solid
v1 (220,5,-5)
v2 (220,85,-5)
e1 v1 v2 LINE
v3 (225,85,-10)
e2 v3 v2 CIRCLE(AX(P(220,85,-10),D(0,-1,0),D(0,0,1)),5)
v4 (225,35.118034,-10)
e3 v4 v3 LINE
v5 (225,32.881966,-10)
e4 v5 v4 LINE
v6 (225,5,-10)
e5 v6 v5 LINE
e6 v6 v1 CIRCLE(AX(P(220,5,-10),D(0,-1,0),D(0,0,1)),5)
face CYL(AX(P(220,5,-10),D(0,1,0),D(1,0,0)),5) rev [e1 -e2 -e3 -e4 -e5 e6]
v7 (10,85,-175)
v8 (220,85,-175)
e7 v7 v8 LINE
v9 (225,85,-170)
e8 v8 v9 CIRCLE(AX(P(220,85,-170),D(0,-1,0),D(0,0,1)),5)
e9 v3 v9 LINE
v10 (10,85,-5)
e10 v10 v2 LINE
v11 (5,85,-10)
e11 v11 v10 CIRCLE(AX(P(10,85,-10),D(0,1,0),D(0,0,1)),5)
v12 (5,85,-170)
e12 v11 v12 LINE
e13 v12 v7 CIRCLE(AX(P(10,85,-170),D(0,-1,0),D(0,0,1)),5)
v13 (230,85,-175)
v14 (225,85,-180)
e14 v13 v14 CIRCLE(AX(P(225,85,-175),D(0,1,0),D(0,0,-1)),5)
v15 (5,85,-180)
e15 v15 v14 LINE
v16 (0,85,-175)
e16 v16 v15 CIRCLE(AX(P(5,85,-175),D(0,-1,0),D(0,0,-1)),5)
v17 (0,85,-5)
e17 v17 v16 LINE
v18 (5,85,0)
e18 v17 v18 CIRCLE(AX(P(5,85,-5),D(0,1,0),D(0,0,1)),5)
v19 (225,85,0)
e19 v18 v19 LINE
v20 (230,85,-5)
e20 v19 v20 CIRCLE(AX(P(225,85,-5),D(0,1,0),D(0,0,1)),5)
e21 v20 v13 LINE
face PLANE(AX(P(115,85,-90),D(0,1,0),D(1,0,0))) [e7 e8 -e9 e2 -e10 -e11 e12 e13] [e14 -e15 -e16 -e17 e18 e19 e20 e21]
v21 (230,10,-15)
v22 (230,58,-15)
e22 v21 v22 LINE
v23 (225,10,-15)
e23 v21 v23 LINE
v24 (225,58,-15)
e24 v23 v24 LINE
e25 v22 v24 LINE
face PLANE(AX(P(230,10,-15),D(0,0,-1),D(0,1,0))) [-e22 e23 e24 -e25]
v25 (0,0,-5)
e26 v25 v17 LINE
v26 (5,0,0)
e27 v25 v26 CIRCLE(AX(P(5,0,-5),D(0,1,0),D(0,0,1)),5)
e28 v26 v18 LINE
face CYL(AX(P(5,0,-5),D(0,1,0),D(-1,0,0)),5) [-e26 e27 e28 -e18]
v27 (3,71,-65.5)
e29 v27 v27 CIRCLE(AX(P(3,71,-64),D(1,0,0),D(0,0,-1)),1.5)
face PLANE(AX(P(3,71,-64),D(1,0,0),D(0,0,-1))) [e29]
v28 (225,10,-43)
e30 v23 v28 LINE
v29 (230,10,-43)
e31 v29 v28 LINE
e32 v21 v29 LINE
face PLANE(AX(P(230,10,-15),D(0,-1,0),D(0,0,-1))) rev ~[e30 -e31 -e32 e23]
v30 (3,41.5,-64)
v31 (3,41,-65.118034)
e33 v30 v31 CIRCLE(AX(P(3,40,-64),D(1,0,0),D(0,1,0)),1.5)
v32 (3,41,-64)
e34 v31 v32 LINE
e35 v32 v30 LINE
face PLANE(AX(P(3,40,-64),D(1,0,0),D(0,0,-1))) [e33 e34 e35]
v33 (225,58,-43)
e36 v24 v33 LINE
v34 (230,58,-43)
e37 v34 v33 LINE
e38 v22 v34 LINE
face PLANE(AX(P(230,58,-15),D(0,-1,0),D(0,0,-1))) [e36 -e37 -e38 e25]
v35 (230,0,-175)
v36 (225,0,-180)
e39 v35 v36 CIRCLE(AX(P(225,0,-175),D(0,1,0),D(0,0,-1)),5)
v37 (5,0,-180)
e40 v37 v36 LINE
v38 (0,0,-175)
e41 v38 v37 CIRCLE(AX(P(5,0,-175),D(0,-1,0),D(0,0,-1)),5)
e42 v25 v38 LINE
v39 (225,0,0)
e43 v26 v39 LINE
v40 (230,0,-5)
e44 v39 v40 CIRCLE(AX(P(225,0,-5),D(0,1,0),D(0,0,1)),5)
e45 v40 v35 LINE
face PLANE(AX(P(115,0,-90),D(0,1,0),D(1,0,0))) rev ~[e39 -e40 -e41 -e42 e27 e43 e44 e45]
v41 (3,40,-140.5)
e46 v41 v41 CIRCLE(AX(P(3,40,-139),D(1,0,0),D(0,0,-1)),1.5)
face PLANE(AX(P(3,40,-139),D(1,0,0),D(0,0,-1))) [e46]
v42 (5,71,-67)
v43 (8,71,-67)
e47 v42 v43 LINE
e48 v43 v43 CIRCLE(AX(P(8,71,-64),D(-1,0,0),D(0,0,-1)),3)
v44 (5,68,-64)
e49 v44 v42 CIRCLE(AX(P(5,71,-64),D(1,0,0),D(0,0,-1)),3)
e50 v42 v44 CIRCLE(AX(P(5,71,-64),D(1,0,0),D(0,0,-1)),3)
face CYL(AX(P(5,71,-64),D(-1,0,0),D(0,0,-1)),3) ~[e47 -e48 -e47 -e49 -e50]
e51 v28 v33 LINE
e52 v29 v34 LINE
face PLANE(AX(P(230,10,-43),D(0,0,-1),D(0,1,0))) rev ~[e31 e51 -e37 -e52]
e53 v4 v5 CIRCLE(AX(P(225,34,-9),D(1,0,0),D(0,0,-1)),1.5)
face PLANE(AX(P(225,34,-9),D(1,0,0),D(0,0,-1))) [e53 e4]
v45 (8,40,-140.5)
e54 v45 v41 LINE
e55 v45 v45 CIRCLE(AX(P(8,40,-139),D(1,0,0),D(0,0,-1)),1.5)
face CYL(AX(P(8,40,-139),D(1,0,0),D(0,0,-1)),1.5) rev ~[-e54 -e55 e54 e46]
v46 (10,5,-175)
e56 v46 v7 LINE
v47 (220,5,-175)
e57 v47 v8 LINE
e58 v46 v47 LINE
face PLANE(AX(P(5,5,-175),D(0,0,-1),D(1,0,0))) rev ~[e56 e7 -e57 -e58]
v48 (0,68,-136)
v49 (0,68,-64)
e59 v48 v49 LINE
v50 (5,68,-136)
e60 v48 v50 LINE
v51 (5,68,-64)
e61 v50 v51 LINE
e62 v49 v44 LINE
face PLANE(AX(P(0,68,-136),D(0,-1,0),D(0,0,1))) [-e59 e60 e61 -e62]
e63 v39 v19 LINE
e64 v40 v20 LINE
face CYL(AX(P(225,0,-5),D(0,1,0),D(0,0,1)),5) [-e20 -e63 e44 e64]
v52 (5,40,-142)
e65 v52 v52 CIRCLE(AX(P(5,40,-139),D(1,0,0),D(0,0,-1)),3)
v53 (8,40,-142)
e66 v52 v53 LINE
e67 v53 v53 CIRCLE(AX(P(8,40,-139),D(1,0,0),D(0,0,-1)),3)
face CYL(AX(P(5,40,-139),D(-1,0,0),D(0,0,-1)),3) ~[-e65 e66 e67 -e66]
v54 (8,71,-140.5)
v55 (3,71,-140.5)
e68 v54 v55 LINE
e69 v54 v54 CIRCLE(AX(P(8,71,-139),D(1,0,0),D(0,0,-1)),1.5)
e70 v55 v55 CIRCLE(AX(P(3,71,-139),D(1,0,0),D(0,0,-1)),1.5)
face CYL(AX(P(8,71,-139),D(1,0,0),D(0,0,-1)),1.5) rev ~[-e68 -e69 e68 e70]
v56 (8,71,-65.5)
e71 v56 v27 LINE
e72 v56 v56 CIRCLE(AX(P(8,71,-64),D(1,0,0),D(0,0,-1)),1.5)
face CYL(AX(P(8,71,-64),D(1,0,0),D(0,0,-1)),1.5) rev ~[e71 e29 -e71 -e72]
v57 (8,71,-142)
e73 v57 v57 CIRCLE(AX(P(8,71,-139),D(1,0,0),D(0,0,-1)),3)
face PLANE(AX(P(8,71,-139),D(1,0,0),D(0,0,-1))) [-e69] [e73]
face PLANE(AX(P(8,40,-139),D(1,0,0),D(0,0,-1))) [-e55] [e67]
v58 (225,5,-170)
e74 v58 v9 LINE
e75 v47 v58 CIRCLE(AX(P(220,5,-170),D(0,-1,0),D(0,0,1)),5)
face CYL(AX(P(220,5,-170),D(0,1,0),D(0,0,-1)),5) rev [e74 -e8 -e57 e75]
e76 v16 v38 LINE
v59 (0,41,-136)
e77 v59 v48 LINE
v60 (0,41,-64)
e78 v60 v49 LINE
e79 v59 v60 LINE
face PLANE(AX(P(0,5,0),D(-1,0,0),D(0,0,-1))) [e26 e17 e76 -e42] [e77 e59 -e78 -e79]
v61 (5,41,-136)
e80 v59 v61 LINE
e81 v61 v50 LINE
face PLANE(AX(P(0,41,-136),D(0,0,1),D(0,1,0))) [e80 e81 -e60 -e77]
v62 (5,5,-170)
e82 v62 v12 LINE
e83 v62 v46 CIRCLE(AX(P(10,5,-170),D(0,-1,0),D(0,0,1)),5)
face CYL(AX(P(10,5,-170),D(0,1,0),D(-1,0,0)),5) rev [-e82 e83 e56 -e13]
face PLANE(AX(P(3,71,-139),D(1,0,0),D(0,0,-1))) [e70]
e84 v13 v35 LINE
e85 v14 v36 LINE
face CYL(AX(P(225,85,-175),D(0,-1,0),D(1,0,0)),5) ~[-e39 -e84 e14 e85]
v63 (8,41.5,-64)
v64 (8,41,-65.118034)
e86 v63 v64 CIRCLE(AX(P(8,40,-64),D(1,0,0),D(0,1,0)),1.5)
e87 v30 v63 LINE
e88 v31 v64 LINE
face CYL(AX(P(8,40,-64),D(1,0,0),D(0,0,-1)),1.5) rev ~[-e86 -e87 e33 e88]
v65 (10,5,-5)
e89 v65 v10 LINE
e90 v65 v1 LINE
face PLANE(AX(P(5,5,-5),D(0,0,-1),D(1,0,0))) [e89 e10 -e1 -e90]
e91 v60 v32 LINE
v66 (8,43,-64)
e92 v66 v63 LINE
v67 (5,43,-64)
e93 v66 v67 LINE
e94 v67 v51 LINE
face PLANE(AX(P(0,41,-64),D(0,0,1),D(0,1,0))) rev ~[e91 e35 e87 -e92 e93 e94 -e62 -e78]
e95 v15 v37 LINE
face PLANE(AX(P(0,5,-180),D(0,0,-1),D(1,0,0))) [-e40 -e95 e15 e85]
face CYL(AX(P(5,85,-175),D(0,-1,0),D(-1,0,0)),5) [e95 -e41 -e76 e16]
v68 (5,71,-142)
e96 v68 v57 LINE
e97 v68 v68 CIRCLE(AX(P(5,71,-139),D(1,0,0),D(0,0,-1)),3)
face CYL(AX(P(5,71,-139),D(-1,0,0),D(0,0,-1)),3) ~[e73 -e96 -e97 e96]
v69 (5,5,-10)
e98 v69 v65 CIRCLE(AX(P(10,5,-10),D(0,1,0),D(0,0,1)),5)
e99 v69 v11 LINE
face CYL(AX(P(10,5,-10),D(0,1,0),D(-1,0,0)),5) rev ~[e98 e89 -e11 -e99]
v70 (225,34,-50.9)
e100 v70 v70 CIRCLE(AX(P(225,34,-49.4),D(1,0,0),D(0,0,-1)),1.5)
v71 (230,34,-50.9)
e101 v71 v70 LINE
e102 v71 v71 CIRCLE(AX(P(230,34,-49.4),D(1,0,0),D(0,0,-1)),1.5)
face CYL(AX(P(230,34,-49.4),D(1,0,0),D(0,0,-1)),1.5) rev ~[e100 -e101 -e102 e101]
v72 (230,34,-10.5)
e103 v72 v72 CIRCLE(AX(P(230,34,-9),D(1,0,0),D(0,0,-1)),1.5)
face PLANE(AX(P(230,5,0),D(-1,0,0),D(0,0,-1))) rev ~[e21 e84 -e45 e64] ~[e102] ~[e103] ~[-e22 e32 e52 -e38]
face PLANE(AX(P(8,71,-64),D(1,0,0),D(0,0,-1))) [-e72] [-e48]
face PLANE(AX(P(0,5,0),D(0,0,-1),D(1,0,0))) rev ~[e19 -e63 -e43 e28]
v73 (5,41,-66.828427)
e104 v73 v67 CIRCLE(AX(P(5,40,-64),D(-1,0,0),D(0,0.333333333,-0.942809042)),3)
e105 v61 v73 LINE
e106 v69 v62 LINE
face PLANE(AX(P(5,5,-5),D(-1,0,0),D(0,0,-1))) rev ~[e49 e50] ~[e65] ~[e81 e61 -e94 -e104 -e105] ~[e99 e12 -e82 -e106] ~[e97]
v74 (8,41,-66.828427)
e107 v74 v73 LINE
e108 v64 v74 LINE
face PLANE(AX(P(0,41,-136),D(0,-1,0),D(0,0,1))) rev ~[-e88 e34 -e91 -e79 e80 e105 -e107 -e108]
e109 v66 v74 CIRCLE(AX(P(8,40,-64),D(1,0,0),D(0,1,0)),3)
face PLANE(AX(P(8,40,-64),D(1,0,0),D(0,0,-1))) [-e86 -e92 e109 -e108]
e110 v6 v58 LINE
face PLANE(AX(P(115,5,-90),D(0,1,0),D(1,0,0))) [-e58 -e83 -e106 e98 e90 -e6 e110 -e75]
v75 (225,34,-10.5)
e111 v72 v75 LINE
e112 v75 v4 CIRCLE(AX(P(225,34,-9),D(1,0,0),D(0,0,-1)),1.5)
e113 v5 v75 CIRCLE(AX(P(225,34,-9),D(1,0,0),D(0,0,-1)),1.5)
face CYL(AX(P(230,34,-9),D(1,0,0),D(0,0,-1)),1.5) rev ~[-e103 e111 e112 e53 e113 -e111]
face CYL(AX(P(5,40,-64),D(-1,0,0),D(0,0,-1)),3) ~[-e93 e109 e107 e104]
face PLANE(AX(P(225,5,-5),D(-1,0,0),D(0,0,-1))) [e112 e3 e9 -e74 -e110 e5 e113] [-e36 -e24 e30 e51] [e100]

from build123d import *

# Parameters (mm, degrees)
SKETCH1_W           = 230
SKETCH1_H           = 180
BOSS_EXTRUDE1_DEPTH = 5
SKETCH2_W           = 230
SKETCH2_H           = 180
SKETCH2_W_2         = 220
SKETCH2_H_2         = 170
BOSS_EXTRUDE2_DEPTH = 80
FILLET1_R           = 5
SKETCH3_W           = 28
SKETCH3_H           = 48
CUT_EXTRUDE1_DEPTH  = 5
SKETCH4_R           = 1.5
CUT_EXTRUDE2_DEPTH  = 5
SKETCH7_R           = 3
BOSS_EXTRUDE3_DEPTH = 3
SKETCH5_W           = 72
SKETCH5_H           = 27
CUT_EXTRUDE3_DEPTH  = 10
SKETCH8_R           = 1.5
CUT_EXTRUDE4_DEPTH  = 5


with BuildPart() as part:
    # Sketch1 → Boss-Extrude1 (new body)
    with BuildSketch(Plane(origin=(0, 0, 0), x_dir=(1, 0, 0), z_dir=(0, 1, 0))):
        with Locations((115, 90)):
            Rectangle(SKETCH1_W, SKETCH1_H)
    extrude(amount=BOSS_EXTRUDE1_DEPTH)

    # Sketch2 → Boss-Extrude2 (add)
    with BuildSketch(Plane(origin=(0, 5, 0), x_dir=(1, 0, 0), z_dir=(0, 1, 0))):
        with Locations((115, 90)):
            Rectangle(SKETCH2_W, SKETCH2_H)
        with Locations((115, 90)):
            Rectangle(SKETCH2_W_2, SKETCH2_H_2, mode=Mode.SUBTRACT)
    extrude(amount=BOSS_EXTRUDE2_DEPTH)

    # Fillet1
    fillet1_edges = [part.edges().sort_by_distance(p)[0] for p in [
        (225, 45, -5),
        (225, 45, -175),
        (5, 45, -175),
        (5, 45, -5),
        (0, 42.5, -180),
        (230, 42.5, -180),
        (230, 42.5, 0),
        (0, 42.5, 0),
    ]]
    fillet(fillet1_edges, radius=FILLET1_R)

    # Sketch3 → Cut-Extrude1 (cut)
    with BuildSketch(Plane(origin=(230, 0, 0), x_dir=(0, 0, -1), z_dir=(1, 0, 0))):
        with Locations((29, 34)):
            Rectangle(SKETCH3_W, SKETCH3_H)
    extrude(amount=-CUT_EXTRUDE1_DEPTH, mode=Mode.SUBTRACT)

    # Sketch4 → Cut-Extrude2 (cut)
    with BuildSketch(Plane(origin=(230, 0, 0), x_dir=(0, 0, -1), z_dir=(1, 0, 0))):
        with Locations((9, 34)):
            Circle(SKETCH4_R)
        with Locations((49.4, 34)):
            Circle(SKETCH4_R)
    extrude(amount=-CUT_EXTRUDE2_DEPTH, mode=Mode.SUBTRACT)

    # Sketch7 → Boss-Extrude3 (add)
    with BuildSketch(Plane(origin=(5, 0, 0), x_dir=(0, 0, -1), z_dir=(1, 0, 0))):
        with Locations((139, 40)):
            Circle(SKETCH7_R)
        with Locations((139, 71)):
            Circle(SKETCH7_R)
        with Locations((64, 71)):
            Circle(SKETCH7_R)
        with Locations((64, 40)):
            Circle(SKETCH7_R)
    extrude(amount=BOSS_EXTRUDE3_DEPTH)

    # Sketch5 → Cut-Extrude3 (cut)
    with BuildSketch(Plane.ZY):
        with Locations((-100, 54.5)):
            Rectangle(SKETCH5_W, SKETCH5_H)
    extrude(amount=-CUT_EXTRUDE3_DEPTH, mode=Mode.SUBTRACT)

    # Sketch8 → Cut-Extrude4 (cut)
    with BuildSketch(Plane(origin=(8, 0, 0), x_dir=(0, 0, -1), z_dir=(1, 0, 0))):
        with Locations((64, 40)):
            Circle(SKETCH8_R)
        with Locations((139, 40)):
            Circle(SKETCH8_R)
        with Locations((139, 71)):
            Circle(SKETCH8_R)
        with Locations((64, 71)):
            Circle(SKETCH8_R)
    extrude(amount=-CUT_EXTRUDE4_DEPTH, mode=Mode.SUBTRACT)


solid = part.part
